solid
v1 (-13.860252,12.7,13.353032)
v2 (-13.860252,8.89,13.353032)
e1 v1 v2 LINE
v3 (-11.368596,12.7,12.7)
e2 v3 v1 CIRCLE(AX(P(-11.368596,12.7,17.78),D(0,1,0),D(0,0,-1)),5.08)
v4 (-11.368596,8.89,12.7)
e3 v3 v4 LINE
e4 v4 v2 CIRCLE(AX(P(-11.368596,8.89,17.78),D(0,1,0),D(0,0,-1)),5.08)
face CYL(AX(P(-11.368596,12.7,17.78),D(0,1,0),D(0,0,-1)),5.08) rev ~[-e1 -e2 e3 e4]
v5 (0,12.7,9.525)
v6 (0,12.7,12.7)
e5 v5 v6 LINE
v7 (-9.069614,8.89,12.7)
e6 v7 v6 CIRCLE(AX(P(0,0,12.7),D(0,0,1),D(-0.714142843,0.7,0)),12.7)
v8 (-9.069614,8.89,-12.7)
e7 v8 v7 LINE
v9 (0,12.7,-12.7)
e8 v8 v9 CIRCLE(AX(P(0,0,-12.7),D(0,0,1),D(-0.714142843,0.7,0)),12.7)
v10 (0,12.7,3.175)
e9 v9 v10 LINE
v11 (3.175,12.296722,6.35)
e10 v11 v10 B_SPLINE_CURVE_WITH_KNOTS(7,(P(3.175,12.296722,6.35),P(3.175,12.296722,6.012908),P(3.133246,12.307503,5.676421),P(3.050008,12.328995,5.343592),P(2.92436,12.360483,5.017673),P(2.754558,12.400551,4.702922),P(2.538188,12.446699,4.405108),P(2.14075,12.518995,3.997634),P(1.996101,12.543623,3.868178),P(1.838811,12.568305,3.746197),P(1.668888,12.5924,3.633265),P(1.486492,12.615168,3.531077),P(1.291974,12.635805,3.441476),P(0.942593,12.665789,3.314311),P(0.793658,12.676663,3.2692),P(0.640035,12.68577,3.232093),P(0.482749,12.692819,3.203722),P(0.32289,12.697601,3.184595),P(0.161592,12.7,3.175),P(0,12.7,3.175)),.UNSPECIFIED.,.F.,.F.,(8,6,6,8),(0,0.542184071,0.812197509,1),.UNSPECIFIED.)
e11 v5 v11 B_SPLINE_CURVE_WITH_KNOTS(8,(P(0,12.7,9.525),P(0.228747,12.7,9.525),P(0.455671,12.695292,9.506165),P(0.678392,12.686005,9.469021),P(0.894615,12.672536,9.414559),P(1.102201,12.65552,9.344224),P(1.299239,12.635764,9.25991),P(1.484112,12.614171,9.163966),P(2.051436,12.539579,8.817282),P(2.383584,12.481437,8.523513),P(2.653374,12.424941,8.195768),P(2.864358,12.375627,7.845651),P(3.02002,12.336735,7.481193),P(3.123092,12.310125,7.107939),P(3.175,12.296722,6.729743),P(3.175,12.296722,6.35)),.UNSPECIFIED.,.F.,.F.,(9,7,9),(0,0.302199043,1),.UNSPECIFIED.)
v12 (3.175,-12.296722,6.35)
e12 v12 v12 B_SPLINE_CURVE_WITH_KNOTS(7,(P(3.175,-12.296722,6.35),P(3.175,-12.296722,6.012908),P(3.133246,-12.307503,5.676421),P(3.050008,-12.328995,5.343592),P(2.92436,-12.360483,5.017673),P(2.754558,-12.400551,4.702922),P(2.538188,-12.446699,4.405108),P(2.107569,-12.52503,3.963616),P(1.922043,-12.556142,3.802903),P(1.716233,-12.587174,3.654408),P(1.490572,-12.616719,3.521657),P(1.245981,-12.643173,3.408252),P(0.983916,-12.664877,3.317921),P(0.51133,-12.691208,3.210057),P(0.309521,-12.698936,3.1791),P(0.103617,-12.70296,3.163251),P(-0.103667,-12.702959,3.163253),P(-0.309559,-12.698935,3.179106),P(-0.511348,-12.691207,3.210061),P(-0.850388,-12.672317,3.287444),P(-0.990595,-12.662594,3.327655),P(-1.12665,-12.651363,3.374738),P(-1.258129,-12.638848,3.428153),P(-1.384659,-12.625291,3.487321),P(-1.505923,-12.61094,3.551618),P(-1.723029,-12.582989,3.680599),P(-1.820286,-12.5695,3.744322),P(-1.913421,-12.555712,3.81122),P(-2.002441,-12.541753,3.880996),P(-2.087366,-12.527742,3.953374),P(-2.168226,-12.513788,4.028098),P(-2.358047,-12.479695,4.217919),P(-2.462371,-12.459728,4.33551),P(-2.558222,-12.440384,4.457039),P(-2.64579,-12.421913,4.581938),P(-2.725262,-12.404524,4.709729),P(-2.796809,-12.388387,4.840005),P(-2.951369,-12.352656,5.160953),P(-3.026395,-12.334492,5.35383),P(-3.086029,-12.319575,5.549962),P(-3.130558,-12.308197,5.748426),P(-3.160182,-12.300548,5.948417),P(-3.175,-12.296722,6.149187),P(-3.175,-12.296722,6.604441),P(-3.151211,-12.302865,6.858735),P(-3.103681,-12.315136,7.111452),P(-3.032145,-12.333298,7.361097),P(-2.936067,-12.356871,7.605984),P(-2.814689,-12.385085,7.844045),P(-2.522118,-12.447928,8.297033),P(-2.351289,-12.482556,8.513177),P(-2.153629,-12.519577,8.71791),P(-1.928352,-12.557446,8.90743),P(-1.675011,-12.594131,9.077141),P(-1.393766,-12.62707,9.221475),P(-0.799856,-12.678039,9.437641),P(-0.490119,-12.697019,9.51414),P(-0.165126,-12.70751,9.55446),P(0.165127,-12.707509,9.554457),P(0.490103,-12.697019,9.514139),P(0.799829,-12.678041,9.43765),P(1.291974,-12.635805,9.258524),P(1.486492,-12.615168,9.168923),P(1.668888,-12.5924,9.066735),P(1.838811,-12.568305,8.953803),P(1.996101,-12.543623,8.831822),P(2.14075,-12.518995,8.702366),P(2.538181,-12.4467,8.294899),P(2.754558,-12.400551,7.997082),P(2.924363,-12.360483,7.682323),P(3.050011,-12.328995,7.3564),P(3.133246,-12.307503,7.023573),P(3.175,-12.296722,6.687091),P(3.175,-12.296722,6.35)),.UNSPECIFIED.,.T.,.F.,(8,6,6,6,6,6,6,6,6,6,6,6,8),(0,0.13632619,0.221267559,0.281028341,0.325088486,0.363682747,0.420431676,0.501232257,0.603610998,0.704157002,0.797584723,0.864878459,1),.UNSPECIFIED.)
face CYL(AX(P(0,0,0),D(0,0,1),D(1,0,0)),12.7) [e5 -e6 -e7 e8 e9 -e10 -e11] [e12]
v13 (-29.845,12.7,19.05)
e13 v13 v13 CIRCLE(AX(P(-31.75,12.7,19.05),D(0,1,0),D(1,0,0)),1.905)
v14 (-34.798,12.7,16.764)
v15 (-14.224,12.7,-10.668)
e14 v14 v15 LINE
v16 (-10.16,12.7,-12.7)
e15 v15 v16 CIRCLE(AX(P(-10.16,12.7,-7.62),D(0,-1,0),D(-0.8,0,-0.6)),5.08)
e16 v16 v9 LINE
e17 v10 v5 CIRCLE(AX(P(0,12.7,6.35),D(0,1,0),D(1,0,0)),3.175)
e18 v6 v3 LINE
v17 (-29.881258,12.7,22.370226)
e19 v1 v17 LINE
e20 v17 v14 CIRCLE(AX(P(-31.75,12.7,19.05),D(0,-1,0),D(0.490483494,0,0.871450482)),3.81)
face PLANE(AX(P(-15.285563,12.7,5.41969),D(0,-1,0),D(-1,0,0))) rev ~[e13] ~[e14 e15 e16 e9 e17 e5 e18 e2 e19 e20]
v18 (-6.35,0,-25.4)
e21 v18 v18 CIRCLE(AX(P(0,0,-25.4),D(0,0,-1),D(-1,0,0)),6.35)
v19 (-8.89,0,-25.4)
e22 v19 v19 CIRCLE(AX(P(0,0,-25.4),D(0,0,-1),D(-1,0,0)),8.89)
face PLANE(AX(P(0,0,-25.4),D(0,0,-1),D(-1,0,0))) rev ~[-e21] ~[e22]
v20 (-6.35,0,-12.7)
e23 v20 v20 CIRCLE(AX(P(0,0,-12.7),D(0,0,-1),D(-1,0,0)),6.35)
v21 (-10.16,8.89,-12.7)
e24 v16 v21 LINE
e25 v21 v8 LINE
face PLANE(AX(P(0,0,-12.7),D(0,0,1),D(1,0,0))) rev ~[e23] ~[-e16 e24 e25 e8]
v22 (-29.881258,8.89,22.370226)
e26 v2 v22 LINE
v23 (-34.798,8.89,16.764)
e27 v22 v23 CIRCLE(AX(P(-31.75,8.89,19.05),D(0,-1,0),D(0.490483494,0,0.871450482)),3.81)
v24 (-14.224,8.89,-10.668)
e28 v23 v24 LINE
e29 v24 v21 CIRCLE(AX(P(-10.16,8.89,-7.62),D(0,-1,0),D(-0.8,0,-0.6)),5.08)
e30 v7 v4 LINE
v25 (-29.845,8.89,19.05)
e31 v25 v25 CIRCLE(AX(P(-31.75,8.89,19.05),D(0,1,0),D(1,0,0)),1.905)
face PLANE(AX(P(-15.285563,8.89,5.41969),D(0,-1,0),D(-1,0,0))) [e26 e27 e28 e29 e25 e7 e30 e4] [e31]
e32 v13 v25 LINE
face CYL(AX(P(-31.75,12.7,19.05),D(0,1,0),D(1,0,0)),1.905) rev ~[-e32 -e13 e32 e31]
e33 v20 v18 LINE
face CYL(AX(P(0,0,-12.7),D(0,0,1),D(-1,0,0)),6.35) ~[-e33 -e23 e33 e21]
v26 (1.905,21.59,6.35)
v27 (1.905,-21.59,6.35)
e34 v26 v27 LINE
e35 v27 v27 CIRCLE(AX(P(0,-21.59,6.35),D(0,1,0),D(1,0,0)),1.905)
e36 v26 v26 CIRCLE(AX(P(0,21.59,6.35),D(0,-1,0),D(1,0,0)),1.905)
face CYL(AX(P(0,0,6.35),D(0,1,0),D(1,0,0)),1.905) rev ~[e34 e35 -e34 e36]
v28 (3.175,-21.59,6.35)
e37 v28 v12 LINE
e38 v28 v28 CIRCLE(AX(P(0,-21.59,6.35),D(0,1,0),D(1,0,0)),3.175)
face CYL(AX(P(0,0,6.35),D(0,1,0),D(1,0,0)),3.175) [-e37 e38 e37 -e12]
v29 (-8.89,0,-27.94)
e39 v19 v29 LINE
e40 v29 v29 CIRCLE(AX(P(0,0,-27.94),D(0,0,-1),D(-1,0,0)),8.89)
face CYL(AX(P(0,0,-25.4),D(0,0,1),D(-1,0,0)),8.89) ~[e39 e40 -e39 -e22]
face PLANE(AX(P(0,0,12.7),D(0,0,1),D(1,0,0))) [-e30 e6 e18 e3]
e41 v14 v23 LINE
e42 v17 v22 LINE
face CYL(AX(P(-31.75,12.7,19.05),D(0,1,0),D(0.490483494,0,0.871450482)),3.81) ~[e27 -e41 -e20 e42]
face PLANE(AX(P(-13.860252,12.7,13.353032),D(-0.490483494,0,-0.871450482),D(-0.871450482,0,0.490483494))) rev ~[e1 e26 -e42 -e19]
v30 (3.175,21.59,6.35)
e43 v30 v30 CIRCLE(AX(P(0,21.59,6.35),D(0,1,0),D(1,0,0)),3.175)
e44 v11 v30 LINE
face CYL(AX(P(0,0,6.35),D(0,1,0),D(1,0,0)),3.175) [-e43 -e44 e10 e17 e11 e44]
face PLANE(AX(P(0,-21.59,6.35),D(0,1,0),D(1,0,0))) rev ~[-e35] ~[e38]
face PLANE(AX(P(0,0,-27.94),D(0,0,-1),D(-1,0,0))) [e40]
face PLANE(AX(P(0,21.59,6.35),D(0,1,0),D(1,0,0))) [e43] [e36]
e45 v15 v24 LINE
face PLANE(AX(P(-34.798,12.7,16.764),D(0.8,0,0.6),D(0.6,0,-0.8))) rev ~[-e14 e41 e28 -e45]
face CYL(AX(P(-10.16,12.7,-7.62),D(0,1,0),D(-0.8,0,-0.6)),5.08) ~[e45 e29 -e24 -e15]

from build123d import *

# Parameters (mm, degrees)
SKETCH1_R               = 12.7
BOSS_EXTRUDE1_DEPTH     = 12.7
SKETCH2_R               = 1.905
BOSS_EXTRUDE2_DEPTH     = 3.81
SKETCH3_R               = 6.35
BOSS_EXTRUDE3_DEPTH     = 12.7
SKETCH4_R               = 8.89
BOSS_EXTRUDE4_DEPTH     = 2.54
SKETCH5_R               = 3.175
BOSS_EXTRUDE5_DEPTH     = 21.59
SKETCH6_R               = 1.905
CUT_EXTRUDE1_DEPTH      = 22.5900001
CUT_EXTRUDE1_DEPTH_BACK = 22.5900001


with BuildPart() as part:
    # Sketch1 → Boss-Extrude1 (new body, symmetric)
    with BuildSketch(Plane.XY):
        Circle(SKETCH1_R)
    extrude(amount=BOSS_EXTRUDE1_DEPTH, both=True)

    # Sketch2 → Boss-Extrude2 (add)
    with BuildSketch(Plane(origin=(0, 12.7, 0), x_dir=(1, 0, 0), z_dir=(0, 1, 0))):
        with BuildLine():
            Line((0, 12.7), (0, -12.7))
            Line((0, -12.7), (-11.368596271, -12.7))
            ThreePointArc((-11.368596271, -12.7), (-12.656501603, -12.865969083), (-13.860252421, -13.353031553))
            Line((-13.860252421, -13.353031553), (-29.881257888, -22.370226336))
            ThreePointArc((-29.881257888, -22.370226336), (-34.614455572, -21.562169237), (-34.798, -16.764))
            Line((-34.798, -16.764), (-14.224, 10.668))
            ThreePointArc((-14.224, 10.668), (-12.431845065, 12.16369013), (-10.16, 12.7))
            Line((-10.16, 12.7), (0, 12.7))
        make_face()
        with Locations((-31.75, -19.05)):
            Circle(SKETCH2_R, mode=Mode.SUBTRACT)
    extrude(amount=-BOSS_EXTRUDE2_DEPTH)

    # Sketch3 → Boss-Extrude3 (add)
    with BuildSketch(Plane(origin=(0, 0, -12.7), x_dir=(-1, 0, 0), z_dir=(0, 0, -1))):
        Circle(SKETCH3_R)
    extrude(amount=BOSS_EXTRUDE3_DEPTH)

    # Sketch4 → Boss-Extrude4 (add)
    with BuildSketch(Plane(origin=(0, 0, -25.4), x_dir=(-1, 0, 0), z_dir=(0, 0, -1))):
        Circle(SKETCH4_R)
    extrude(amount=BOSS_EXTRUDE4_DEPTH)

    # Sketch5 → Boss-Extrude5 (add, symmetric)
    with BuildSketch(Plane(origin=(0, 0, 0), x_dir=(1, 0, 0), z_dir=(0, 1, 0))):
        with Locations((0, -6.35)):
            Circle(SKETCH5_R)
    extrude(amount=BOSS_EXTRUDE5_DEPTH, both=True)

    # Sketch6 → Cut-Extrude1 (cut, two sides)
    with BuildSketch(Plane(origin=(0, 0, 0), x_dir=(1, 0, 0), z_dir=(0, 1, 0))) as cut_extrude1_sk:
        with Locations((0, -6.35)):
            Circle(SKETCH6_R)
    extrude(amount=CUT_EXTRUDE1_DEPTH, mode=Mode.SUBTRACT)
    extrude(cut_extrude1_sk.sketch, amount=-CUT_EXTRUDE1_DEPTH_BACK, mode=Mode.SUBTRACT)


solid = part.part
